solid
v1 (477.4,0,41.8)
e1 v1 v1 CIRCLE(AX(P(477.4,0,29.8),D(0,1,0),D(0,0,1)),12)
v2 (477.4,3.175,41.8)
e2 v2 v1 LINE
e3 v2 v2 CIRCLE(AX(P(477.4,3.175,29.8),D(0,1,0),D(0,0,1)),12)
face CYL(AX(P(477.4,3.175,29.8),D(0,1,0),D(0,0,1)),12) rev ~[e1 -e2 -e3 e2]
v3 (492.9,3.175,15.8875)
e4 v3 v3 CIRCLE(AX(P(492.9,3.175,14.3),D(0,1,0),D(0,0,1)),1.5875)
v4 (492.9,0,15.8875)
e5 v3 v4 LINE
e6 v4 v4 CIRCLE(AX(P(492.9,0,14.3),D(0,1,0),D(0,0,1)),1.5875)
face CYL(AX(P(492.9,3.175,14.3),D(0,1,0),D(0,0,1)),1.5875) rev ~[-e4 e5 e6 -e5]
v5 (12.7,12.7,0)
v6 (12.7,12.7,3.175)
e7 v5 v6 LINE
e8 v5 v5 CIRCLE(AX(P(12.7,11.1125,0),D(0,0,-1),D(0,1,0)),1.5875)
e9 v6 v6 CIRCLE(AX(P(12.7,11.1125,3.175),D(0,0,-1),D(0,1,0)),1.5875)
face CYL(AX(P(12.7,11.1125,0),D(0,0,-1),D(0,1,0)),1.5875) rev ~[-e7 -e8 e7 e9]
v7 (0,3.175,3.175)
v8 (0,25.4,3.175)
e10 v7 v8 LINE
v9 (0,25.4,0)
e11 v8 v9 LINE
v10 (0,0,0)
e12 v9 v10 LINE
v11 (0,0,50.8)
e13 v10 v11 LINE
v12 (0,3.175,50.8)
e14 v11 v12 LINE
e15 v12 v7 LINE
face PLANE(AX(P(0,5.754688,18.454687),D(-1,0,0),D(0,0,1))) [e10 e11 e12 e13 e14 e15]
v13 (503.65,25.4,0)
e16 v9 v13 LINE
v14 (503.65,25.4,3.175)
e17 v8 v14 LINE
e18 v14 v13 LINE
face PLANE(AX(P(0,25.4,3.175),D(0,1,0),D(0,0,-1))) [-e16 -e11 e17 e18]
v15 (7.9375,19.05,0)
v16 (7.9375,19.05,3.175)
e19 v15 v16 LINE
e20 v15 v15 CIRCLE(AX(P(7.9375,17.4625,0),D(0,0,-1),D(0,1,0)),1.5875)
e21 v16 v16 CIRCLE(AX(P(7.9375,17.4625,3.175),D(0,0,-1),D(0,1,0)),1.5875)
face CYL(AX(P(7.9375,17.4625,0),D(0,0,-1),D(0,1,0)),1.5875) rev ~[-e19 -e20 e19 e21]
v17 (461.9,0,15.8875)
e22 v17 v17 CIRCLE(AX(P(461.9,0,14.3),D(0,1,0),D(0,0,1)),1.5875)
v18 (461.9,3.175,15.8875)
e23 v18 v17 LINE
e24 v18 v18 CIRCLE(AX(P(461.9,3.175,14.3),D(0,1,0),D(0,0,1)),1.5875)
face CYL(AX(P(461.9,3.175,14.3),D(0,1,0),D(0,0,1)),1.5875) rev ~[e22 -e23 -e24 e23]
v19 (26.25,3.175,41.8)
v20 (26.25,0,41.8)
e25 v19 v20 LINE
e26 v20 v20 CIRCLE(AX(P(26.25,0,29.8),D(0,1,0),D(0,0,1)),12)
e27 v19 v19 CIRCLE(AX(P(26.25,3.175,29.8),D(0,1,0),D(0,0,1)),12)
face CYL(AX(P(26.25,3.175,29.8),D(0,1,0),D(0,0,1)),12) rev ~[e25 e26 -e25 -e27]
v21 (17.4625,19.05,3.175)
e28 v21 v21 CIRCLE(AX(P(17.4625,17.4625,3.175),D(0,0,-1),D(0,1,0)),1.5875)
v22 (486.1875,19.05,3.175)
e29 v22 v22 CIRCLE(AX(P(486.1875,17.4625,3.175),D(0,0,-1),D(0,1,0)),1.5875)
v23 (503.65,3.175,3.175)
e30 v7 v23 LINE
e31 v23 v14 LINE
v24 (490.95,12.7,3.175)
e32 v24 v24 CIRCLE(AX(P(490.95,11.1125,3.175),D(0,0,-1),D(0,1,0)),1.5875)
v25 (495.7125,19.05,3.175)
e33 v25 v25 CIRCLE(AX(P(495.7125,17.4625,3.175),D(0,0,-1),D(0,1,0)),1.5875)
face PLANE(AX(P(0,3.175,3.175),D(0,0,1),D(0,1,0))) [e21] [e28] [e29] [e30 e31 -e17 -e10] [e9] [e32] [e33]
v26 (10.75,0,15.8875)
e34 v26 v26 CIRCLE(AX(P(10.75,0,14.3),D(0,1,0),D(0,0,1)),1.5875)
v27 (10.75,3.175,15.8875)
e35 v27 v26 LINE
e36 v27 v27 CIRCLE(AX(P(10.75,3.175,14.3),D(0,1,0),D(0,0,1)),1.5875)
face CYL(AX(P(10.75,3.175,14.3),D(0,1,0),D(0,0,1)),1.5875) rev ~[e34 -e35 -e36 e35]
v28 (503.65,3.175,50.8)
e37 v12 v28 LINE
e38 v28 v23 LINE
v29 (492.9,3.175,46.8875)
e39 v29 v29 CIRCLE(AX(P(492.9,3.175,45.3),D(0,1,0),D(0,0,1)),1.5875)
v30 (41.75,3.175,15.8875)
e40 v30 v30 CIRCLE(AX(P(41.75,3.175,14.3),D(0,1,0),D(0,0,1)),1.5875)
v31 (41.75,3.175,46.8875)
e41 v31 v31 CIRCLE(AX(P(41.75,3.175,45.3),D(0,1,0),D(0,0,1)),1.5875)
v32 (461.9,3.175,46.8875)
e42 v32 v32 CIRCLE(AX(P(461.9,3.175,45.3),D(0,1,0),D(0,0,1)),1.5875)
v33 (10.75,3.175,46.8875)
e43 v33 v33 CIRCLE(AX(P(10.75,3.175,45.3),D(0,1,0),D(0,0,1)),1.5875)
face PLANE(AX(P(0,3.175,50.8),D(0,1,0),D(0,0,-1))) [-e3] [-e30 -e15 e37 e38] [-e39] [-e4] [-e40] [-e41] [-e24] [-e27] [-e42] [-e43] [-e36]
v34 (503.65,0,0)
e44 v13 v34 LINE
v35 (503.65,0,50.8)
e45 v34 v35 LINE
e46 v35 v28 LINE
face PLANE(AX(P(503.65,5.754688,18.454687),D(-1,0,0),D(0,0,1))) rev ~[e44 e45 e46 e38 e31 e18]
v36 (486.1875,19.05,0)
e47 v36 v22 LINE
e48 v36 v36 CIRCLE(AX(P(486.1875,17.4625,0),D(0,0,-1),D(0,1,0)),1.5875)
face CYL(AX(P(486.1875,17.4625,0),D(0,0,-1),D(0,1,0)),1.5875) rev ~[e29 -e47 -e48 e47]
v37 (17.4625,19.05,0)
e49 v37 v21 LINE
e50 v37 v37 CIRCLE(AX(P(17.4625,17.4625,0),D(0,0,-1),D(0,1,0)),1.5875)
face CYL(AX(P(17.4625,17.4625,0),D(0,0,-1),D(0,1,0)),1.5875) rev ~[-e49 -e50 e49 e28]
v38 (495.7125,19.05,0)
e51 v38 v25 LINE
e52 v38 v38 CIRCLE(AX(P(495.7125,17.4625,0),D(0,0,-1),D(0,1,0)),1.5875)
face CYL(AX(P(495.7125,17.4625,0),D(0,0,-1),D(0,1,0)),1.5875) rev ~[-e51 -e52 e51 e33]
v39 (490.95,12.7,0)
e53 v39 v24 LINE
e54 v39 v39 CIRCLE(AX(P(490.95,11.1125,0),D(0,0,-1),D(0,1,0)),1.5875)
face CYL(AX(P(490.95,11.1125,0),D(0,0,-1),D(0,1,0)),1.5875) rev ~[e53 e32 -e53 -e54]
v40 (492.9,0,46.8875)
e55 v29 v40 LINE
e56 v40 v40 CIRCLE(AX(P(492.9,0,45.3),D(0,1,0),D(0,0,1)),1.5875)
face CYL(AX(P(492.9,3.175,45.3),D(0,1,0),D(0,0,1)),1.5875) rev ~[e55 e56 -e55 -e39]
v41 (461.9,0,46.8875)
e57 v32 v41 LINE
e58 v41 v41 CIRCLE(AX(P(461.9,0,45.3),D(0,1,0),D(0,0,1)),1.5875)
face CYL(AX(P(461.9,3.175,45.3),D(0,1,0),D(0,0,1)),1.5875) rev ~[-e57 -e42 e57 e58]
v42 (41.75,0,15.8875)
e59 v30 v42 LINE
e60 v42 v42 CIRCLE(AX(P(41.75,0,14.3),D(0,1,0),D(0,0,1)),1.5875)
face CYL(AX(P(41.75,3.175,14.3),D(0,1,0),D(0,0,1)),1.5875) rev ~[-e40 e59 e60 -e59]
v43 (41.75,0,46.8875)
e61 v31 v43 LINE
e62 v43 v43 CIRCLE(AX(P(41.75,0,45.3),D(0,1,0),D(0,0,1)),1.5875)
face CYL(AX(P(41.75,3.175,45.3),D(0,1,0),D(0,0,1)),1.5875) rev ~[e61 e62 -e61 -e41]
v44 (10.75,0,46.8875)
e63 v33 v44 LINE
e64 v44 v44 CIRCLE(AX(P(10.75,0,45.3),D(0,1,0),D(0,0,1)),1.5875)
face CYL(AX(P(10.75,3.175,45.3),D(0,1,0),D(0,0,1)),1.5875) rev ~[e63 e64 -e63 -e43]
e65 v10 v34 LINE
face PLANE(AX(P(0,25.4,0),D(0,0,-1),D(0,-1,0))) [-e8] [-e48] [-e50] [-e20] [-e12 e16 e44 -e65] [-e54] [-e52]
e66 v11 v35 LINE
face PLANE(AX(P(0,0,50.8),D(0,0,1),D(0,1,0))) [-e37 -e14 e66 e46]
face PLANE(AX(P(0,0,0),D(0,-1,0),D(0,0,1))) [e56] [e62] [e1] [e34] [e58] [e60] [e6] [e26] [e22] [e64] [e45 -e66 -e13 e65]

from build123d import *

# Parameters (mm, degrees)
BOSS_EXTRUDE1_DEPTH              = 503.65
TOPHOLES_SKETCH2_R               = 12
TOPHOLES_SKETCH2_R_2             = 1.5875
TOPHOLES_CUT_EXTRUDE1_DEPTH      = 507.693115332
BACKSIDEHOLES_SKETCH3_R          = 1.5875
BACKSIDEHOLES_CUT_EXTRUDE2_DEPTH = 507.842305357


with BuildPart() as part:
    # Sketch1 → Boss-Extrude1 (new body)
    with BuildSketch(Plane(origin=(0, 0, 0), x_dir=(0, 0, -1), z_dir=(1, 0, 0))):
        Polygon((0, 0), (-50.8, 0), (-50.8, 3.175), (-3.175, 3.175), (-3.175, 25.4), (0, 25.4), align=None)
    extrude(amount=BOSS_EXTRUDE1_DEPTH)

    # TopHoles-Sketch2 → TopHoles-Cut-Extrude1 (cut, through all)
    with BuildSketch(Plane(origin=(0, 3.175, 0), x_dir=(1, 0, 0), z_dir=(0, 1, 0))):
        with Locations(Location((26.25, -29.8, 0), (0, 0, 270))):
            Circle(TOPHOLES_SKETCH2_R)
        with Locations(Location((477.4, -29.8, 0), (0, 0, 270))):
            Circle(TOPHOLES_SKETCH2_R)
        with Locations(Location((10.75, -14.3, 0), (0, 0, 270))):
            Circle(TOPHOLES_SKETCH2_R_2)
        with Locations(Location((41.75, -14.3, 0), (0, 0, 270))):
            Circle(TOPHOLES_SKETCH2_R_2)
        with Locations(Location((461.9, -14.3, 0), (0, 0, 270))):
            Circle(TOPHOLES_SKETCH2_R_2)
        with Locations(Location((492.9, -14.3, 0), (0, 0, 270))):
            Circle(TOPHOLES_SKETCH2_R_2)
        with Locations(Location((10.75, -45.3, 0), (0, 0, 270))):
            Circle(TOPHOLES_SKETCH2_R_2)
        with Locations(Location((41.75, -45.3, 0), (0, 0, 270))):
            Circle(TOPHOLES_SKETCH2_R_2)
        with Locations(Location((461.9, -45.3, 0), (0, 0, 270))):
            Circle(TOPHOLES_SKETCH2_R_2)
        with Locations(Location((492.9, -45.3, 0), (0, 0, 270))):
            Circle(TOPHOLES_SKETCH2_R_2)
    extrude(amount=-TOPHOLES_CUT_EXTRUDE1_DEPTH, mode=Mode.SUBTRACT)

    # BackSideHoles-Sketch3 → BackSideHoles-Cut-Extrude2 (cut, through all)
    with BuildSketch(Plane(origin=(0, 0, 0), x_dir=(-1, 0, 0), z_dir=(0, 0, -1))):
        with Locations(Location((-495.7125, 17.4625, 0), (0, 0, 90))):
            Circle(BACKSIDEHOLES_SKETCH3_R)
        with Locations(Location((-486.1875, 17.4625, 0), (0, 0, 90))):
            Circle(BACKSIDEHOLES_SKETCH3_R)
        with Locations(Location((-490.95, 11.1125, 0), (0, 0, 90))):
            Circle(BACKSIDEHOLES_SKETCH3_R)
        with Locations(Location((-12.7, 11.1125, 0), (0, 0, 90))):
            Circle(BACKSIDEHOLES_SKETCH3_R)
        with Locations(Location((-17.4625, 17.4625, 0), (0, 0, 90))):
            Circle(BACKSIDEHOLES_SKETCH3_R)
        with Locations(Location((-7.9375, 17.4625, 0), (0, 0, 90))):
            Circle(BACKSIDEHOLES_SKETCH3_R)
    extrude(amount=-BACKSIDEHOLES_CUT_EXTRUDE2_DEPTH, mode=Mode.SUBTRACT)


solid = part.part
